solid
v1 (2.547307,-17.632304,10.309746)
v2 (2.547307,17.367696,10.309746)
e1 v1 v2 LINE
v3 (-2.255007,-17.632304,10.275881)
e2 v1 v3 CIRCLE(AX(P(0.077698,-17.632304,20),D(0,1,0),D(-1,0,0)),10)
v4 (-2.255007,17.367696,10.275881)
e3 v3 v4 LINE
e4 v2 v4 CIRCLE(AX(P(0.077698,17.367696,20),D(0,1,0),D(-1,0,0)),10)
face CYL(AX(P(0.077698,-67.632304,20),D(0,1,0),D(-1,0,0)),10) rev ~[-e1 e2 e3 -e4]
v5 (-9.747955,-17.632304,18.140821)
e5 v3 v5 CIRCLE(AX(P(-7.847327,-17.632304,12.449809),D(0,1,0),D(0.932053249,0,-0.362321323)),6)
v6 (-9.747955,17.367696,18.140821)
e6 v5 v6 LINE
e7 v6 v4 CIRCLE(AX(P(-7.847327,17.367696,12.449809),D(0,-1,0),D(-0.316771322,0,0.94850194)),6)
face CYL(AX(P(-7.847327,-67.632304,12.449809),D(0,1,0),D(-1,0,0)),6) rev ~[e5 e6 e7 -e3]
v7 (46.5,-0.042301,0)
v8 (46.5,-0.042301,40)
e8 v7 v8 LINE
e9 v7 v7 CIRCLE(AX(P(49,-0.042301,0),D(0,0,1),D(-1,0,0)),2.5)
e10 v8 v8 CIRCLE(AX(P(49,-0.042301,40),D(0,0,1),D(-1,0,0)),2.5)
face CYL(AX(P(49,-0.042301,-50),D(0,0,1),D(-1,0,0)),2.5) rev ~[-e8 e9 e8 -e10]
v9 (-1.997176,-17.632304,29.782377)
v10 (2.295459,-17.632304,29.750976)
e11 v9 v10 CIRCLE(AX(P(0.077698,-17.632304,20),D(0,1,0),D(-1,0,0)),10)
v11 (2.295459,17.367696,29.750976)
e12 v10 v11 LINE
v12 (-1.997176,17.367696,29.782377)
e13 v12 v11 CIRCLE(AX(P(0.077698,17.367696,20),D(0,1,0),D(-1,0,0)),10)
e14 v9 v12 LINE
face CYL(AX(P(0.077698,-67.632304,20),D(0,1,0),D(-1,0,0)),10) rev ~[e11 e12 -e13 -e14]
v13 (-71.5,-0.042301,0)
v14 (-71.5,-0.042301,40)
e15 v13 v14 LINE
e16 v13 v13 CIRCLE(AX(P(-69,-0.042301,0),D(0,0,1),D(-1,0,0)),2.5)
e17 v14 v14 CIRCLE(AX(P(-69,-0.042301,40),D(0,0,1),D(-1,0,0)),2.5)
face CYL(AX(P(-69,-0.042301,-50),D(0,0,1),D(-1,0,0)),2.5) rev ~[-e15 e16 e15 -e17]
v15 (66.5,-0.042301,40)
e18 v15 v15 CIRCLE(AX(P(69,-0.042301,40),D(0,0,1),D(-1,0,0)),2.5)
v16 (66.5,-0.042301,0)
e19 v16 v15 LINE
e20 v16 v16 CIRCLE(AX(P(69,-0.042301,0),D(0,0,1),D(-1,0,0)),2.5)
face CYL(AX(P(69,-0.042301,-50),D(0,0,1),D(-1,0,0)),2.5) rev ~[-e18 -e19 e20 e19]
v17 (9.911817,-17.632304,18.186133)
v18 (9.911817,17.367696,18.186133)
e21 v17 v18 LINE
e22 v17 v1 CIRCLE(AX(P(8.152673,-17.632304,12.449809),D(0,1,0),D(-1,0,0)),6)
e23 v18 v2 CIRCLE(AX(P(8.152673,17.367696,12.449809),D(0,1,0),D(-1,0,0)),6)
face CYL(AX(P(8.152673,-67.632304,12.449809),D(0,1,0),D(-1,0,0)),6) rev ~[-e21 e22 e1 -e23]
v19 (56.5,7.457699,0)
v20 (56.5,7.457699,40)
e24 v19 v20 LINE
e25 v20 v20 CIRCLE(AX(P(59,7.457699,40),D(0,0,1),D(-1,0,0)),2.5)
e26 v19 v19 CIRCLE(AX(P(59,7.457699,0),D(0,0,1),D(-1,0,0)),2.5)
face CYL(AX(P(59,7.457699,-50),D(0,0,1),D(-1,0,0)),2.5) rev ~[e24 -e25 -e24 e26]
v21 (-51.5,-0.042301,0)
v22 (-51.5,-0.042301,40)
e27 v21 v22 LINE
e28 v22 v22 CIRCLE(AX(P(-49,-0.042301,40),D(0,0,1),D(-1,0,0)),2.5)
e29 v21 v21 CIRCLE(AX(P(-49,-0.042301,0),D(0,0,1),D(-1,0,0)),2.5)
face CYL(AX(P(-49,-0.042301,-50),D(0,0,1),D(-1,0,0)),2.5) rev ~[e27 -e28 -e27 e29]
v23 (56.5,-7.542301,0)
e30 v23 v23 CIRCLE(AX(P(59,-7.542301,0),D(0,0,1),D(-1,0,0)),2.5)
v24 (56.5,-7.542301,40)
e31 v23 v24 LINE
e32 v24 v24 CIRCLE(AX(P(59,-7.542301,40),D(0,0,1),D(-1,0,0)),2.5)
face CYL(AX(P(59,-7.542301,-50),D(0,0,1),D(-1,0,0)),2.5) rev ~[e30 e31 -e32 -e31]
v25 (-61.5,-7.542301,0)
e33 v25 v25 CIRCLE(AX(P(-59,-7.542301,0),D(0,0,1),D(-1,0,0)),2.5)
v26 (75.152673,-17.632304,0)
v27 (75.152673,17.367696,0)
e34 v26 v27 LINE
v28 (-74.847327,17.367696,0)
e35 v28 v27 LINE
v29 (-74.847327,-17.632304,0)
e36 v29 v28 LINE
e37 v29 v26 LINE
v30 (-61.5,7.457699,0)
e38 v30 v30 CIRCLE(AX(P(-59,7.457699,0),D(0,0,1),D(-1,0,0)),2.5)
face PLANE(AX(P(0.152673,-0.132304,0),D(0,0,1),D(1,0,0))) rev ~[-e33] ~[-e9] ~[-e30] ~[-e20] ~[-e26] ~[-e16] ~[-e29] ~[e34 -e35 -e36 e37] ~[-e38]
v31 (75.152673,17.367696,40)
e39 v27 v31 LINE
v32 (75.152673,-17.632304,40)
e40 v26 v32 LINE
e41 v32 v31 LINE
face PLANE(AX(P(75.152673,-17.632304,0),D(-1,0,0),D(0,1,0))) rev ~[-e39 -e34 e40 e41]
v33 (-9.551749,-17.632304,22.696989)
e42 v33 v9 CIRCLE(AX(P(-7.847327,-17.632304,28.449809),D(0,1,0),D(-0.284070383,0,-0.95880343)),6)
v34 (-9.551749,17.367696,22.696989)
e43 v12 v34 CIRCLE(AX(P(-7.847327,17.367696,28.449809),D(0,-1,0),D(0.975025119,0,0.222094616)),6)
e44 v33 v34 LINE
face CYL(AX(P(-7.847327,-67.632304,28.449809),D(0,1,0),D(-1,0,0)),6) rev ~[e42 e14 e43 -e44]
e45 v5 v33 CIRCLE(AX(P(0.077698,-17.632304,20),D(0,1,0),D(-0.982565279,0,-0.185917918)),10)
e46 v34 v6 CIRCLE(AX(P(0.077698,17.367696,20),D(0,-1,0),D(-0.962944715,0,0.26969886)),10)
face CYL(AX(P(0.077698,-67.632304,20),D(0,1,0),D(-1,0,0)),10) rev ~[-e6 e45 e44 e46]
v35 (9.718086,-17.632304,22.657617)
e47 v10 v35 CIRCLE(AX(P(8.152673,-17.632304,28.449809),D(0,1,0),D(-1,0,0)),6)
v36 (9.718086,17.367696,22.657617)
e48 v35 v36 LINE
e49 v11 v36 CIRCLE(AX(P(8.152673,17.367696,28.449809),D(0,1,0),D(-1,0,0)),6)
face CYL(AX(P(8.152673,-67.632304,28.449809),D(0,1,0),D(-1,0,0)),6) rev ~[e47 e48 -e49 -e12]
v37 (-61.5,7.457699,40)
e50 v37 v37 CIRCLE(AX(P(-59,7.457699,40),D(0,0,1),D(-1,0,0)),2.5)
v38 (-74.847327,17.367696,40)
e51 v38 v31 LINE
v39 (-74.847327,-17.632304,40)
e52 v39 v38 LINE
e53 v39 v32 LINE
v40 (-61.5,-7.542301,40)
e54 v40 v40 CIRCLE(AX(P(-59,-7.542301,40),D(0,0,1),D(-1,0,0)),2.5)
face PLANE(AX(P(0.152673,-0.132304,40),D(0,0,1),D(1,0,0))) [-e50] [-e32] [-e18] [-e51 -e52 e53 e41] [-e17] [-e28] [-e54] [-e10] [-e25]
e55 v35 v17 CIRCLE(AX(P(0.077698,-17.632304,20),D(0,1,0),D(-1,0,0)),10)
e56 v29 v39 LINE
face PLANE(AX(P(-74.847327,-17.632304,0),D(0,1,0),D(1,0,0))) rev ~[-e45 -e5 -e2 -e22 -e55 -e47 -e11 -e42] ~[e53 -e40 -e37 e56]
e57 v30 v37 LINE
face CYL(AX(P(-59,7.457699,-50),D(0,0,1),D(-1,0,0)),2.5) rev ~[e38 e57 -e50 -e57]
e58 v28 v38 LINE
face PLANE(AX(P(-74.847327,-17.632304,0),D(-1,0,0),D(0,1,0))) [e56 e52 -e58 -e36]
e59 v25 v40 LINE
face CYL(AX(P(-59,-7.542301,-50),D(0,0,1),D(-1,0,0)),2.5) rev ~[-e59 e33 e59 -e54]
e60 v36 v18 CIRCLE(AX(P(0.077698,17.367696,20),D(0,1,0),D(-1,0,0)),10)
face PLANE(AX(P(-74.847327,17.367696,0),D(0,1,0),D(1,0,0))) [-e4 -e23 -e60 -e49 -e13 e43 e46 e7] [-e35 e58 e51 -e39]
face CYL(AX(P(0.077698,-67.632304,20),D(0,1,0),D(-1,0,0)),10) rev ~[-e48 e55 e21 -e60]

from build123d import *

# Parameters (mm, degrees)
F0_W     = 150
F0_H     = 35
F1_DEPTH = 40
F2_D     = 5
F2_DEPTH = 50
F2_TIP   = 1.5021515476
F4_D     = 12
F4_DEPTH = 50
F4_TIP   = 3.6051637142
F5_D     = 20
F5_DEPTH = 50
F5_TIP   = 6.0086061903


with BuildPart() as f1:
    # F0 (on Top) → F1 (new body)
    with BuildSketch(Plane.XY):
        with Locations((0.152673311, -0.1323037595)):
            Rectangle(F0_W, F0_H)
    extrude(amount=F1_DEPTH)

    # F2
    with Locations(Plane(origin=(0, 0, 0), x_dir=(1, 0, 0), z_dir=(0, 0, -1))):
        with Locations((-59, -7.4576994487), (-69, 0.0423005513), (-59, 7.5423005513), (-49, 0.0423005513), (49, 0.0423005513), (59, -7.4576994487), (59, 7.5423005513), (69, 0.0423005513)):
            Hole(F2_D / 2, depth=F2_DEPTH)
            with Locations((0, 0, -(F2_DEPTH + F2_TIP / 2))):  # 118° drill point
                Cone(0, F2_D / 2, F2_TIP, mode=Mode.SUBTRACT)

    # F4
    with Locations(Plane.XZ.offset(17.6323037595)):
        with Locations((-7.847326689, 28.4498091787), (8.152673311, 28.4498091787), (-7.847326689, 12.4498091787), (8.152673311, 12.4498091787)):
            Hole(F4_D / 2, depth=F4_DEPTH)
            with Locations((0, 0, -(F4_DEPTH + F4_TIP / 2))):  # 118° drill point
                Cone(0, F4_D / 2, F4_TIP, mode=Mode.SUBTRACT)

    # F5
    with Locations(Plane.XZ.offset(17.6323037595)):
        with Locations((0.0776981695, 20)):
            Hole(F5_D / 2, depth=F5_DEPTH)
            with Locations((0, 0, -(F5_DEPTH + F5_TIP / 2))):  # 118° drill point
                Cone(0, F5_D / 2, F5_TIP, mode=Mode.SUBTRACT)


solid = f1.part
